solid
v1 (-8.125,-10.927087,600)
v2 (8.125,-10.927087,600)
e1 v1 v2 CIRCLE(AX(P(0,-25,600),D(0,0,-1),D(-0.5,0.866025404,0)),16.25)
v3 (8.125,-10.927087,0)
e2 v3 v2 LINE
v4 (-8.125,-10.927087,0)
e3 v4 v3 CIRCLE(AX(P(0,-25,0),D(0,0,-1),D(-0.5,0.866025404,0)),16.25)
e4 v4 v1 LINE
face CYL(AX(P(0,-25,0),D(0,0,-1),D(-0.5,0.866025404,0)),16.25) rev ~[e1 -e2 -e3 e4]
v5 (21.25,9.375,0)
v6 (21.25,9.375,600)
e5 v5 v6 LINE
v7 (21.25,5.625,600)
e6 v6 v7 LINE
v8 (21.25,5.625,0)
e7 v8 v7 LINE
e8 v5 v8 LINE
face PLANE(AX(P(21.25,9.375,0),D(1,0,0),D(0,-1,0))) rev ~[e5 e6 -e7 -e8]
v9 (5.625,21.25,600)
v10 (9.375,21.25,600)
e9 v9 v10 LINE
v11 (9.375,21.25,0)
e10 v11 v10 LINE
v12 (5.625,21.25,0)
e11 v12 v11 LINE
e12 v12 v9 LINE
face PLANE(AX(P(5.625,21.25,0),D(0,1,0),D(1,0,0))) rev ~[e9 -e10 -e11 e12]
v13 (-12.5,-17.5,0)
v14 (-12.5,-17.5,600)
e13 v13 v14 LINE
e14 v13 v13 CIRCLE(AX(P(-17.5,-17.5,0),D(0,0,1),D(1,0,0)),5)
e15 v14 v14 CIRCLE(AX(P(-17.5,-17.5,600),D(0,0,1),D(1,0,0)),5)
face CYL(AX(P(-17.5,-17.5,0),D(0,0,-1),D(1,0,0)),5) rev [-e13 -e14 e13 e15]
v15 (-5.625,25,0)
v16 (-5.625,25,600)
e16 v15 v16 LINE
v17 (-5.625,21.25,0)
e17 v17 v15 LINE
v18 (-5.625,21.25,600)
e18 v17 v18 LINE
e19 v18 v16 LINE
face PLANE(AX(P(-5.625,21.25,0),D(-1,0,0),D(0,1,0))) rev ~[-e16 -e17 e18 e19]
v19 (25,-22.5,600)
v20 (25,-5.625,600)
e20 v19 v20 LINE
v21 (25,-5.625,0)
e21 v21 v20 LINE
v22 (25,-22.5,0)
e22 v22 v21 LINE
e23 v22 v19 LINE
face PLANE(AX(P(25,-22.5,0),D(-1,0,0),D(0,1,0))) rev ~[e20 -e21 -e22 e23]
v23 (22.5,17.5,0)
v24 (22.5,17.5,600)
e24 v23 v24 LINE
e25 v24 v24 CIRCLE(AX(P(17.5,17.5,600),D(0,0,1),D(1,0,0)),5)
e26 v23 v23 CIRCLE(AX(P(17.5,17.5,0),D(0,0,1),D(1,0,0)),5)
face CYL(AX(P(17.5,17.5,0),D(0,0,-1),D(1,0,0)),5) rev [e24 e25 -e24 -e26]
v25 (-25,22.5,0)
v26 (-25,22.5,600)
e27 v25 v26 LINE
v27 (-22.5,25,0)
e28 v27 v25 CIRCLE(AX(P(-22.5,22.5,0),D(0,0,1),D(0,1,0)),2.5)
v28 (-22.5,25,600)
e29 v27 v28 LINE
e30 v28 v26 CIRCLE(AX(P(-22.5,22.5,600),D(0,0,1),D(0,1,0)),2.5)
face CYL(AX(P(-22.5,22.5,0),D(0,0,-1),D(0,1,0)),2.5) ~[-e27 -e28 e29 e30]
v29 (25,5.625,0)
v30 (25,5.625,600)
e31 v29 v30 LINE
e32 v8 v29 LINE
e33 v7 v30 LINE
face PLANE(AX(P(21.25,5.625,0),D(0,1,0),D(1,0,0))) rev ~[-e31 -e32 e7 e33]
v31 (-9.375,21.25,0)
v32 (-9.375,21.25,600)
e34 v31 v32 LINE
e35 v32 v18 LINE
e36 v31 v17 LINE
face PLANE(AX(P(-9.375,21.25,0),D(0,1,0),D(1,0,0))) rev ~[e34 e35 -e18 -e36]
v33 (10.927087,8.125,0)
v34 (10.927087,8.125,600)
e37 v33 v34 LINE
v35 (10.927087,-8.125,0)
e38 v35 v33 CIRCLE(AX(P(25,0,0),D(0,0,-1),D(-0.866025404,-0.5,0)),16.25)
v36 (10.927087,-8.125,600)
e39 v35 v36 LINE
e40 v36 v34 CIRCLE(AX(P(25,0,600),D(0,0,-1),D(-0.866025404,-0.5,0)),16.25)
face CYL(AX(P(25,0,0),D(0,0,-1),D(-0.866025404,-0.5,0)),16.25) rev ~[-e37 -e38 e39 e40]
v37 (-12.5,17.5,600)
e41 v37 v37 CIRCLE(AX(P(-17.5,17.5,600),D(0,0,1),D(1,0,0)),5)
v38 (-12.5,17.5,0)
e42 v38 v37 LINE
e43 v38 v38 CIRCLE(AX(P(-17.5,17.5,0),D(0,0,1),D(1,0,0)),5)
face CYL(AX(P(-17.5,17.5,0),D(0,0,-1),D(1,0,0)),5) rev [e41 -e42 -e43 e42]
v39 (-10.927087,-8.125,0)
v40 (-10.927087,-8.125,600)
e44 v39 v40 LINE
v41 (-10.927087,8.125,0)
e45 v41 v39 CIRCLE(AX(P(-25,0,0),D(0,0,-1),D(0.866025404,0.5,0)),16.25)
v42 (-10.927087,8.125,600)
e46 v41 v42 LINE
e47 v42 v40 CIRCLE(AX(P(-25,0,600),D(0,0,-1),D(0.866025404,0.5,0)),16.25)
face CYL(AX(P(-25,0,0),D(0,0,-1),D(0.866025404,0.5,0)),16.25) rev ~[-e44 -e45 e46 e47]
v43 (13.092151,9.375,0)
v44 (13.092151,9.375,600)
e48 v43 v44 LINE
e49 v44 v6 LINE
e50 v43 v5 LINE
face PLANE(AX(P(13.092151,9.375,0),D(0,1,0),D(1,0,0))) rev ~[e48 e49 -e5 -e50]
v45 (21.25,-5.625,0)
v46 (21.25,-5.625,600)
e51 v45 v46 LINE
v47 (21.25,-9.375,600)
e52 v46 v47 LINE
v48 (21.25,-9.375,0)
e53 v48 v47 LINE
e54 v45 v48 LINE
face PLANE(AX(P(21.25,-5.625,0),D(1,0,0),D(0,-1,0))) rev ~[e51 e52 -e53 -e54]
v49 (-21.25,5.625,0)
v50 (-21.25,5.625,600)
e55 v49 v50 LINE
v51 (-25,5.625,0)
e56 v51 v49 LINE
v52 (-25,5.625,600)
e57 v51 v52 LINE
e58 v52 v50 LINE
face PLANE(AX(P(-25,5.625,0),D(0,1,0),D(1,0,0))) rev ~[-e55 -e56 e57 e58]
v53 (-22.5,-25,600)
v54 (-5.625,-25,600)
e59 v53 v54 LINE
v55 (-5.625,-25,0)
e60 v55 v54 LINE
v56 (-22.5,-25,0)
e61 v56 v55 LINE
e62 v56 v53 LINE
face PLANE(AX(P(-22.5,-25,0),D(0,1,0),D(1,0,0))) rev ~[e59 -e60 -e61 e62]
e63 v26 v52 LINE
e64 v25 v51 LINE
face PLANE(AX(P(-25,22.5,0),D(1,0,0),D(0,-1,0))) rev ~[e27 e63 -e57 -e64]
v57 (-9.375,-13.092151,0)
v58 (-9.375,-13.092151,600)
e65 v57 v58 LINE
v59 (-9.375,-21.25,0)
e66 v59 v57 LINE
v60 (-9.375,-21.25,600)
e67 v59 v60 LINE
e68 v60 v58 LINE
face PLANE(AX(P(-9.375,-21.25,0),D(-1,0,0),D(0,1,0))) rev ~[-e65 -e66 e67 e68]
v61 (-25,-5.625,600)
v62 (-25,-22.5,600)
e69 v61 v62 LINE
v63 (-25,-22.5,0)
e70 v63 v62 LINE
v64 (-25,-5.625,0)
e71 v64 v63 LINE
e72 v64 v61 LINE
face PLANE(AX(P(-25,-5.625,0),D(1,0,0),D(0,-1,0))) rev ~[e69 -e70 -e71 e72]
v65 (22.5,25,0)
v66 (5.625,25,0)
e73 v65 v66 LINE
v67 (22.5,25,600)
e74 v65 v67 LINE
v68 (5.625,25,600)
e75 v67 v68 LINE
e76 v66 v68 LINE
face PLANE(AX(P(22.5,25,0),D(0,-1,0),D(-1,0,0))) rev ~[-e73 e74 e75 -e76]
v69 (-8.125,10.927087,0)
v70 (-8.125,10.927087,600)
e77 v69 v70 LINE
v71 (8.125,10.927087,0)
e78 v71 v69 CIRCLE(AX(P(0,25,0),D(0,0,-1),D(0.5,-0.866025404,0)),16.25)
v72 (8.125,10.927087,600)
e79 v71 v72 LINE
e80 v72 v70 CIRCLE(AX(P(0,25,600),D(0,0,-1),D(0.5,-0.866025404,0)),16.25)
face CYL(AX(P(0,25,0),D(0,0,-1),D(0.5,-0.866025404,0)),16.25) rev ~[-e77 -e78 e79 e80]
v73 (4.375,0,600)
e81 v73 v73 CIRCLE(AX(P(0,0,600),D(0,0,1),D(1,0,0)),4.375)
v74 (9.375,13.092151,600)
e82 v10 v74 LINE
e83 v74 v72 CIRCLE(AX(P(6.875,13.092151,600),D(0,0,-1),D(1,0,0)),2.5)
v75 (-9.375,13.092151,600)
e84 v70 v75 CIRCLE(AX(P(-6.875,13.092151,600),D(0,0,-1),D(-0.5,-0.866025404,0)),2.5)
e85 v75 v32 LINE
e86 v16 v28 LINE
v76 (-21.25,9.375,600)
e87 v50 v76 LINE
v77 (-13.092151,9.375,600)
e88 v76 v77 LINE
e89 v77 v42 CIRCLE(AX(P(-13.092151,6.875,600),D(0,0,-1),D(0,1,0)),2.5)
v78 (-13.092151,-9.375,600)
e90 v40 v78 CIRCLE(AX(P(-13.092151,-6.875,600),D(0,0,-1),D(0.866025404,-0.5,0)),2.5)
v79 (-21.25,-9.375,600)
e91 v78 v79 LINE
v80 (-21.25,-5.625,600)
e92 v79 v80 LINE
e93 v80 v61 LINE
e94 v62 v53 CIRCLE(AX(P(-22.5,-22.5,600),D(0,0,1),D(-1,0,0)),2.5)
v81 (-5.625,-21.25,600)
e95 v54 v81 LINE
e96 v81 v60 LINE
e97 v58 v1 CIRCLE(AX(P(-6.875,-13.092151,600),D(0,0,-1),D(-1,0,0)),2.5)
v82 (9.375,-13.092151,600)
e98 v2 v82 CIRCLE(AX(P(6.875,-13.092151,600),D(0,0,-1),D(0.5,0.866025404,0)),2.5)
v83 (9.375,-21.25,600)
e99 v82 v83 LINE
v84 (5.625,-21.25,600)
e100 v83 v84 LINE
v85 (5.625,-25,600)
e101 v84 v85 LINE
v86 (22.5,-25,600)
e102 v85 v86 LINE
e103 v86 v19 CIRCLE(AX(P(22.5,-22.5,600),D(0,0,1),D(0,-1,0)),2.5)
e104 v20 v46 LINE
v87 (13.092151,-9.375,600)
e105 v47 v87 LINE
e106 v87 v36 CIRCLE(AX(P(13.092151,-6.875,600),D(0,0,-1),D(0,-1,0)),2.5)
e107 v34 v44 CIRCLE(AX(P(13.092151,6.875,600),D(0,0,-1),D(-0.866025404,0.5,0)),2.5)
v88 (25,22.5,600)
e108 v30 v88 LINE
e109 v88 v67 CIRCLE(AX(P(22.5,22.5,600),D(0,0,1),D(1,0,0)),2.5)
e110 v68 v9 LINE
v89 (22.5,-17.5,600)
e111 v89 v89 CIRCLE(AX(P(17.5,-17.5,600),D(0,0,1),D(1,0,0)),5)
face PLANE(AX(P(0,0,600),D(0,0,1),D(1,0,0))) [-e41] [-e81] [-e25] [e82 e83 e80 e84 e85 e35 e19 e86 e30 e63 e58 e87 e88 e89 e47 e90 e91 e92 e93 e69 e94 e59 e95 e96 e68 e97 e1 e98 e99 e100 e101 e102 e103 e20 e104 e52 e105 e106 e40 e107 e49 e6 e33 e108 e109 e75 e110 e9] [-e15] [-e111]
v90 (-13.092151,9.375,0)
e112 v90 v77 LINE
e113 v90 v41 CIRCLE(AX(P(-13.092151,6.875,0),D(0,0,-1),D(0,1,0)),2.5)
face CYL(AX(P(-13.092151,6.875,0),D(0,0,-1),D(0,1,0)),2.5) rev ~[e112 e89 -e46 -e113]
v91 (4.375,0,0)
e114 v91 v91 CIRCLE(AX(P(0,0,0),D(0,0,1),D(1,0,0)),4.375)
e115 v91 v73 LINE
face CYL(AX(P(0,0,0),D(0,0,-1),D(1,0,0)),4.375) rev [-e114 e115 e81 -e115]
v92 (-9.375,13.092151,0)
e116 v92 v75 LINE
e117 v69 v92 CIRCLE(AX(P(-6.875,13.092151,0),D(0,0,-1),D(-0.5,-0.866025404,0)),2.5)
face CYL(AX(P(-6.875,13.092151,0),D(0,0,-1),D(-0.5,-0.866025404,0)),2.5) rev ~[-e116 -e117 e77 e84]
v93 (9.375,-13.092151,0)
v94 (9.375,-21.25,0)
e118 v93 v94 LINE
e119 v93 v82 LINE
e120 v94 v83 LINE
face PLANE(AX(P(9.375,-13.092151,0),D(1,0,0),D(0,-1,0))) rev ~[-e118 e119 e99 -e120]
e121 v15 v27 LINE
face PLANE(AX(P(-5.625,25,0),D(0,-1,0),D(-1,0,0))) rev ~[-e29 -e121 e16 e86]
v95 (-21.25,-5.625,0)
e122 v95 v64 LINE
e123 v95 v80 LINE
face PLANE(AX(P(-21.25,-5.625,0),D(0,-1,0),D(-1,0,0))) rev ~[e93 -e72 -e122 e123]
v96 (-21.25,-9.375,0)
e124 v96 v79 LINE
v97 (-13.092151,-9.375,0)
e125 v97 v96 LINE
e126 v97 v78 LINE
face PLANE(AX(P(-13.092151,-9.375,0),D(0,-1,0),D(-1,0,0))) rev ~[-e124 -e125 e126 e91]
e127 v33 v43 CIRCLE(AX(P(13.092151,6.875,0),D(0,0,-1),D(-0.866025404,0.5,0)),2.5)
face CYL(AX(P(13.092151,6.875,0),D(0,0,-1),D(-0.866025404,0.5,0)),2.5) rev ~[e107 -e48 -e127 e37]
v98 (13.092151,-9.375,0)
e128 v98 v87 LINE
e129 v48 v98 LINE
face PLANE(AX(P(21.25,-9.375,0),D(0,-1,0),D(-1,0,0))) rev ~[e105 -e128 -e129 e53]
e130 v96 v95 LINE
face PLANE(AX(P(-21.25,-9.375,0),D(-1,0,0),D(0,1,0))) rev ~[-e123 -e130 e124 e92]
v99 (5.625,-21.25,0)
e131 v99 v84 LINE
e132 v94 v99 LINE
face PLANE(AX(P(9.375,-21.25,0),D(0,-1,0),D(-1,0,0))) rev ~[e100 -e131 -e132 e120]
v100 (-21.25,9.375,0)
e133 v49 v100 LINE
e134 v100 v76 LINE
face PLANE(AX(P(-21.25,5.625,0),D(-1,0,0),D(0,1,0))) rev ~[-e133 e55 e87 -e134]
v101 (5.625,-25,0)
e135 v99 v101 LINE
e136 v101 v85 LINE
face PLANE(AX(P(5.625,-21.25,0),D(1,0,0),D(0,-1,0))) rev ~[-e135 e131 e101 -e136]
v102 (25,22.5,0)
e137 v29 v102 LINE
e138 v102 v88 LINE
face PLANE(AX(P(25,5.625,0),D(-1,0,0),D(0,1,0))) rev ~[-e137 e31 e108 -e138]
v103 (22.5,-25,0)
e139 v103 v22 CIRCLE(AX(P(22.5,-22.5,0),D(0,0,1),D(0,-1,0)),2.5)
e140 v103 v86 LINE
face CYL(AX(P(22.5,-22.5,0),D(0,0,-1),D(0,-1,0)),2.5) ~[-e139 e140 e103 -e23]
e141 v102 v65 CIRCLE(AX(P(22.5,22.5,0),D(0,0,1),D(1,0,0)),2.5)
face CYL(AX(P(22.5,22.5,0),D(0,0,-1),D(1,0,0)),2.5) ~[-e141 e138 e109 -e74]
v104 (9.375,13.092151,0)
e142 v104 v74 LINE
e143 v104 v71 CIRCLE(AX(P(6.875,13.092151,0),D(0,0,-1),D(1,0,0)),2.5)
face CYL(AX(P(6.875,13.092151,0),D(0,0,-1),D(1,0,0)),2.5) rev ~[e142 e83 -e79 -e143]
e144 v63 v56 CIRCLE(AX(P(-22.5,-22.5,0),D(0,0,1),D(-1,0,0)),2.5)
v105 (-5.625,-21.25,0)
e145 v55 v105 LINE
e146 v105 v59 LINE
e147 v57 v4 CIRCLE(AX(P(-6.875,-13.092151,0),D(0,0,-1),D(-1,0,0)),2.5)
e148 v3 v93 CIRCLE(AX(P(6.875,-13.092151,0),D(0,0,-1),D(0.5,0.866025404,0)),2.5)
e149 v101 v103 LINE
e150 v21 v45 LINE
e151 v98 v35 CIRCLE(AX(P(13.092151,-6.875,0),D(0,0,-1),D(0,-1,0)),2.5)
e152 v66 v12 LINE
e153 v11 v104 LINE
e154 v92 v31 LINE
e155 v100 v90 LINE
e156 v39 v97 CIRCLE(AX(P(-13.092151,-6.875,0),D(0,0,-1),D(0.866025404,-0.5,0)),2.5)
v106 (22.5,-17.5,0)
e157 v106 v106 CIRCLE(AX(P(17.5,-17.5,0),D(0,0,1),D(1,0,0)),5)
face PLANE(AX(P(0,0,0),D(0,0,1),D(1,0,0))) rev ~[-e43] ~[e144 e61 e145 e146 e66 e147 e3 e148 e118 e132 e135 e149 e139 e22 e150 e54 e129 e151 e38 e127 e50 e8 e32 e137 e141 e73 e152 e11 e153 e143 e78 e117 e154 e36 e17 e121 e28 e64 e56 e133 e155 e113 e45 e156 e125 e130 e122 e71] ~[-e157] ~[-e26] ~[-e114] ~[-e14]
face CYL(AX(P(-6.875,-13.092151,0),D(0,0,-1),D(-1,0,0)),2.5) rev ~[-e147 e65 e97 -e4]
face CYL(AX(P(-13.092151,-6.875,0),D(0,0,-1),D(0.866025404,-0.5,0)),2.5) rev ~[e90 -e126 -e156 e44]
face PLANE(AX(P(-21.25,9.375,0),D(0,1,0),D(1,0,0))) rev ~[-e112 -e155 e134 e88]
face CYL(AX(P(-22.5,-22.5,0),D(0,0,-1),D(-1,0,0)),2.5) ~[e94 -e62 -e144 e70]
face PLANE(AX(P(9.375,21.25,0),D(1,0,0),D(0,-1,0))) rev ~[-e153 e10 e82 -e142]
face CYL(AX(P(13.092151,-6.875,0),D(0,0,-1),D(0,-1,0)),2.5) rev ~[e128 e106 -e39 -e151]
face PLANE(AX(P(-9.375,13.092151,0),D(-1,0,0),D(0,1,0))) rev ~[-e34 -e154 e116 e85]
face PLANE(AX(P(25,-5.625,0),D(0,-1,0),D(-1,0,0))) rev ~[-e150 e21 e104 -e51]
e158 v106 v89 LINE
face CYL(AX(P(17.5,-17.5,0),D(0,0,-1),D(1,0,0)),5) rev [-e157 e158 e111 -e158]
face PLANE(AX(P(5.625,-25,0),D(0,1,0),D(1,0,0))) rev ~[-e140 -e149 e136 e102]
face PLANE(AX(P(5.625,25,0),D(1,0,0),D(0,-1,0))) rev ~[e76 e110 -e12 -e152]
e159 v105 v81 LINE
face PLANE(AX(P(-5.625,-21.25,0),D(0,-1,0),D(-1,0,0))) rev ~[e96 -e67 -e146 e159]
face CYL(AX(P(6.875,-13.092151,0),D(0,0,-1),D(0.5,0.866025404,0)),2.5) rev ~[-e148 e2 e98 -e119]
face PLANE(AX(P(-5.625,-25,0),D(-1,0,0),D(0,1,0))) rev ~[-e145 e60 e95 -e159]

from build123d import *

# Parameters (mm, degrees)
SKETCH1_R           = 5
SKETCH1_R_2         = 4.375
BOSS_EXTRUDE1_DEPTH = 600


with BuildPart() as part:
    # Sketch1 → Boss-Extrude1 (new body)
    with BuildSketch(Plane.XY):
        with BuildLine():
            Line((-25, 22.5), (-25, 5.625))
            Line((-25, 5.625), (-21.25, 5.625))
            Line((-21.25, 5.625), (-21.25, 9.375))
            Line((-21.25, 9.375), (-13.092150698, 9.375))
            ThreePointArc((-13.092150698, 9.375), (-11.842150698, 9.040063509), (-10.927087189, 8.125))
            ThreePointArc((-10.927087189, 8.125), (-8.75, 0), (-10.927087189, -8.125))
            ThreePointArc((-10.927087189, -8.125), (-11.842150698, -9.040063509), (-13.092150698, -9.375))
            Line((-13.092150698, -9.375), (-21.25, -9.375))
            Line((-21.25, -9.375), (-21.25, -5.625))
            Line((-21.25, -5.625), (-25, -5.625))
            Line((-25, -5.625), (-25, -22.5))
            ThreePointArc((-25, -22.5), (-24.267766953, -24.267766953), (-22.5, -25))
            Line((-22.5, -25), (-5.625, -25))
            Line((-5.625, -25), (-5.625, -21.25))
            Line((-5.625, -21.25), (-9.375, -21.25))
            Line((-9.375, -21.25), (-9.375, -13.092150698))
            ThreePointArc((-9.375, -13.092150698), (-9.040063509, -11.842150698), (-8.125, -10.927087189))
            ThreePointArc((-8.125, -10.927087189), (0, -8.75), (8.125, -10.927087189))
            ThreePointArc((8.125, -10.927087189), (9.040063509, -11.842150698), (9.375, -13.092150698))
            Line((9.375, -13.092150698), (9.375, -21.25))
            Line((9.375, -21.25), (5.625, -21.25))
            Line((5.625, -21.25), (5.625, -25))
            Line((5.625, -25), (22.5, -25))
            ThreePointArc((22.5, -25), (24.267766953, -24.267766953), (25, -22.5))
            Line((25, -22.5), (25, -5.625))
            Line((25, -5.625), (21.25, -5.625))
            Line((21.25, -5.625), (21.25, -9.375))
            Line((21.25, -9.375), (13.092150698, -9.375))
            ThreePointArc((13.092150698, -9.375), (11.842150698, -9.040063509), (10.927087189, -8.125))
            ThreePointArc((10.927087189, -8.125), (8.75, 0), (10.927087189, 8.125))
            ThreePointArc((10.927087189, 8.125), (11.842150698, 9.040063509), (13.092150698, 9.375))
            Line((13.092150698, 9.375), (21.25, 9.375))
            Line((21.25, 9.375), (21.25, 5.625))
            Line((21.25, 5.625), (25, 5.625))
            Line((25, 5.625), (25, 22.5))
            ThreePointArc((25, 22.5), (24.267766953, 24.267766953), (22.5, 25))
            Line((22.5, 25), (5.625, 25))
            Line((5.625, 25), (5.625, 21.25))
            Line((5.625, 21.25), (9.375, 21.25))
            Line((9.375, 21.25), (9.375, 13.092150698))
            ThreePointArc((9.375, 13.092150698), (9.040063509, 11.842150698), (8.125, 10.927087189))
            ThreePointArc((8.125, 10.927087189), (0, 8.75), (-8.125, 10.927087189))
            ThreePointArc((-8.125, 10.927087189), (-9.040063509, 11.842150698), (-9.375, 13.092150698))
            Line((-9.375, 13.092150698), (-9.375, 21.25))
            Line((-9.375, 21.25), (-5.625, 21.25))
            Line((-5.625, 21.25), (-5.625, 25))
            Line((-5.625, 25), (-22.5, 25))
            ThreePointArc((-22.5, 25), (-24.267766953, 24.267766953), (-25, 22.5))
        make_face()
        with Locations((-17.5, -17.5)):
            Circle(SKETCH1_R, mode=Mode.SUBTRACT)
        with Locations((17.5, -17.5)):
            Circle(SKETCH1_R, mode=Mode.SUBTRACT)
        with Locations((17.5, 17.5)):
            Circle(SKETCH1_R, mode=Mode.SUBTRACT)
        Circle(SKETCH1_R_2, mode=Mode.SUBTRACT)
        with Locations((-17.5, 17.5)):
            Circle(SKETCH1_R, mode=Mode.SUBTRACT)
    extrude(amount=BOSS_EXTRUDE1_DEPTH)


solid = part.part
